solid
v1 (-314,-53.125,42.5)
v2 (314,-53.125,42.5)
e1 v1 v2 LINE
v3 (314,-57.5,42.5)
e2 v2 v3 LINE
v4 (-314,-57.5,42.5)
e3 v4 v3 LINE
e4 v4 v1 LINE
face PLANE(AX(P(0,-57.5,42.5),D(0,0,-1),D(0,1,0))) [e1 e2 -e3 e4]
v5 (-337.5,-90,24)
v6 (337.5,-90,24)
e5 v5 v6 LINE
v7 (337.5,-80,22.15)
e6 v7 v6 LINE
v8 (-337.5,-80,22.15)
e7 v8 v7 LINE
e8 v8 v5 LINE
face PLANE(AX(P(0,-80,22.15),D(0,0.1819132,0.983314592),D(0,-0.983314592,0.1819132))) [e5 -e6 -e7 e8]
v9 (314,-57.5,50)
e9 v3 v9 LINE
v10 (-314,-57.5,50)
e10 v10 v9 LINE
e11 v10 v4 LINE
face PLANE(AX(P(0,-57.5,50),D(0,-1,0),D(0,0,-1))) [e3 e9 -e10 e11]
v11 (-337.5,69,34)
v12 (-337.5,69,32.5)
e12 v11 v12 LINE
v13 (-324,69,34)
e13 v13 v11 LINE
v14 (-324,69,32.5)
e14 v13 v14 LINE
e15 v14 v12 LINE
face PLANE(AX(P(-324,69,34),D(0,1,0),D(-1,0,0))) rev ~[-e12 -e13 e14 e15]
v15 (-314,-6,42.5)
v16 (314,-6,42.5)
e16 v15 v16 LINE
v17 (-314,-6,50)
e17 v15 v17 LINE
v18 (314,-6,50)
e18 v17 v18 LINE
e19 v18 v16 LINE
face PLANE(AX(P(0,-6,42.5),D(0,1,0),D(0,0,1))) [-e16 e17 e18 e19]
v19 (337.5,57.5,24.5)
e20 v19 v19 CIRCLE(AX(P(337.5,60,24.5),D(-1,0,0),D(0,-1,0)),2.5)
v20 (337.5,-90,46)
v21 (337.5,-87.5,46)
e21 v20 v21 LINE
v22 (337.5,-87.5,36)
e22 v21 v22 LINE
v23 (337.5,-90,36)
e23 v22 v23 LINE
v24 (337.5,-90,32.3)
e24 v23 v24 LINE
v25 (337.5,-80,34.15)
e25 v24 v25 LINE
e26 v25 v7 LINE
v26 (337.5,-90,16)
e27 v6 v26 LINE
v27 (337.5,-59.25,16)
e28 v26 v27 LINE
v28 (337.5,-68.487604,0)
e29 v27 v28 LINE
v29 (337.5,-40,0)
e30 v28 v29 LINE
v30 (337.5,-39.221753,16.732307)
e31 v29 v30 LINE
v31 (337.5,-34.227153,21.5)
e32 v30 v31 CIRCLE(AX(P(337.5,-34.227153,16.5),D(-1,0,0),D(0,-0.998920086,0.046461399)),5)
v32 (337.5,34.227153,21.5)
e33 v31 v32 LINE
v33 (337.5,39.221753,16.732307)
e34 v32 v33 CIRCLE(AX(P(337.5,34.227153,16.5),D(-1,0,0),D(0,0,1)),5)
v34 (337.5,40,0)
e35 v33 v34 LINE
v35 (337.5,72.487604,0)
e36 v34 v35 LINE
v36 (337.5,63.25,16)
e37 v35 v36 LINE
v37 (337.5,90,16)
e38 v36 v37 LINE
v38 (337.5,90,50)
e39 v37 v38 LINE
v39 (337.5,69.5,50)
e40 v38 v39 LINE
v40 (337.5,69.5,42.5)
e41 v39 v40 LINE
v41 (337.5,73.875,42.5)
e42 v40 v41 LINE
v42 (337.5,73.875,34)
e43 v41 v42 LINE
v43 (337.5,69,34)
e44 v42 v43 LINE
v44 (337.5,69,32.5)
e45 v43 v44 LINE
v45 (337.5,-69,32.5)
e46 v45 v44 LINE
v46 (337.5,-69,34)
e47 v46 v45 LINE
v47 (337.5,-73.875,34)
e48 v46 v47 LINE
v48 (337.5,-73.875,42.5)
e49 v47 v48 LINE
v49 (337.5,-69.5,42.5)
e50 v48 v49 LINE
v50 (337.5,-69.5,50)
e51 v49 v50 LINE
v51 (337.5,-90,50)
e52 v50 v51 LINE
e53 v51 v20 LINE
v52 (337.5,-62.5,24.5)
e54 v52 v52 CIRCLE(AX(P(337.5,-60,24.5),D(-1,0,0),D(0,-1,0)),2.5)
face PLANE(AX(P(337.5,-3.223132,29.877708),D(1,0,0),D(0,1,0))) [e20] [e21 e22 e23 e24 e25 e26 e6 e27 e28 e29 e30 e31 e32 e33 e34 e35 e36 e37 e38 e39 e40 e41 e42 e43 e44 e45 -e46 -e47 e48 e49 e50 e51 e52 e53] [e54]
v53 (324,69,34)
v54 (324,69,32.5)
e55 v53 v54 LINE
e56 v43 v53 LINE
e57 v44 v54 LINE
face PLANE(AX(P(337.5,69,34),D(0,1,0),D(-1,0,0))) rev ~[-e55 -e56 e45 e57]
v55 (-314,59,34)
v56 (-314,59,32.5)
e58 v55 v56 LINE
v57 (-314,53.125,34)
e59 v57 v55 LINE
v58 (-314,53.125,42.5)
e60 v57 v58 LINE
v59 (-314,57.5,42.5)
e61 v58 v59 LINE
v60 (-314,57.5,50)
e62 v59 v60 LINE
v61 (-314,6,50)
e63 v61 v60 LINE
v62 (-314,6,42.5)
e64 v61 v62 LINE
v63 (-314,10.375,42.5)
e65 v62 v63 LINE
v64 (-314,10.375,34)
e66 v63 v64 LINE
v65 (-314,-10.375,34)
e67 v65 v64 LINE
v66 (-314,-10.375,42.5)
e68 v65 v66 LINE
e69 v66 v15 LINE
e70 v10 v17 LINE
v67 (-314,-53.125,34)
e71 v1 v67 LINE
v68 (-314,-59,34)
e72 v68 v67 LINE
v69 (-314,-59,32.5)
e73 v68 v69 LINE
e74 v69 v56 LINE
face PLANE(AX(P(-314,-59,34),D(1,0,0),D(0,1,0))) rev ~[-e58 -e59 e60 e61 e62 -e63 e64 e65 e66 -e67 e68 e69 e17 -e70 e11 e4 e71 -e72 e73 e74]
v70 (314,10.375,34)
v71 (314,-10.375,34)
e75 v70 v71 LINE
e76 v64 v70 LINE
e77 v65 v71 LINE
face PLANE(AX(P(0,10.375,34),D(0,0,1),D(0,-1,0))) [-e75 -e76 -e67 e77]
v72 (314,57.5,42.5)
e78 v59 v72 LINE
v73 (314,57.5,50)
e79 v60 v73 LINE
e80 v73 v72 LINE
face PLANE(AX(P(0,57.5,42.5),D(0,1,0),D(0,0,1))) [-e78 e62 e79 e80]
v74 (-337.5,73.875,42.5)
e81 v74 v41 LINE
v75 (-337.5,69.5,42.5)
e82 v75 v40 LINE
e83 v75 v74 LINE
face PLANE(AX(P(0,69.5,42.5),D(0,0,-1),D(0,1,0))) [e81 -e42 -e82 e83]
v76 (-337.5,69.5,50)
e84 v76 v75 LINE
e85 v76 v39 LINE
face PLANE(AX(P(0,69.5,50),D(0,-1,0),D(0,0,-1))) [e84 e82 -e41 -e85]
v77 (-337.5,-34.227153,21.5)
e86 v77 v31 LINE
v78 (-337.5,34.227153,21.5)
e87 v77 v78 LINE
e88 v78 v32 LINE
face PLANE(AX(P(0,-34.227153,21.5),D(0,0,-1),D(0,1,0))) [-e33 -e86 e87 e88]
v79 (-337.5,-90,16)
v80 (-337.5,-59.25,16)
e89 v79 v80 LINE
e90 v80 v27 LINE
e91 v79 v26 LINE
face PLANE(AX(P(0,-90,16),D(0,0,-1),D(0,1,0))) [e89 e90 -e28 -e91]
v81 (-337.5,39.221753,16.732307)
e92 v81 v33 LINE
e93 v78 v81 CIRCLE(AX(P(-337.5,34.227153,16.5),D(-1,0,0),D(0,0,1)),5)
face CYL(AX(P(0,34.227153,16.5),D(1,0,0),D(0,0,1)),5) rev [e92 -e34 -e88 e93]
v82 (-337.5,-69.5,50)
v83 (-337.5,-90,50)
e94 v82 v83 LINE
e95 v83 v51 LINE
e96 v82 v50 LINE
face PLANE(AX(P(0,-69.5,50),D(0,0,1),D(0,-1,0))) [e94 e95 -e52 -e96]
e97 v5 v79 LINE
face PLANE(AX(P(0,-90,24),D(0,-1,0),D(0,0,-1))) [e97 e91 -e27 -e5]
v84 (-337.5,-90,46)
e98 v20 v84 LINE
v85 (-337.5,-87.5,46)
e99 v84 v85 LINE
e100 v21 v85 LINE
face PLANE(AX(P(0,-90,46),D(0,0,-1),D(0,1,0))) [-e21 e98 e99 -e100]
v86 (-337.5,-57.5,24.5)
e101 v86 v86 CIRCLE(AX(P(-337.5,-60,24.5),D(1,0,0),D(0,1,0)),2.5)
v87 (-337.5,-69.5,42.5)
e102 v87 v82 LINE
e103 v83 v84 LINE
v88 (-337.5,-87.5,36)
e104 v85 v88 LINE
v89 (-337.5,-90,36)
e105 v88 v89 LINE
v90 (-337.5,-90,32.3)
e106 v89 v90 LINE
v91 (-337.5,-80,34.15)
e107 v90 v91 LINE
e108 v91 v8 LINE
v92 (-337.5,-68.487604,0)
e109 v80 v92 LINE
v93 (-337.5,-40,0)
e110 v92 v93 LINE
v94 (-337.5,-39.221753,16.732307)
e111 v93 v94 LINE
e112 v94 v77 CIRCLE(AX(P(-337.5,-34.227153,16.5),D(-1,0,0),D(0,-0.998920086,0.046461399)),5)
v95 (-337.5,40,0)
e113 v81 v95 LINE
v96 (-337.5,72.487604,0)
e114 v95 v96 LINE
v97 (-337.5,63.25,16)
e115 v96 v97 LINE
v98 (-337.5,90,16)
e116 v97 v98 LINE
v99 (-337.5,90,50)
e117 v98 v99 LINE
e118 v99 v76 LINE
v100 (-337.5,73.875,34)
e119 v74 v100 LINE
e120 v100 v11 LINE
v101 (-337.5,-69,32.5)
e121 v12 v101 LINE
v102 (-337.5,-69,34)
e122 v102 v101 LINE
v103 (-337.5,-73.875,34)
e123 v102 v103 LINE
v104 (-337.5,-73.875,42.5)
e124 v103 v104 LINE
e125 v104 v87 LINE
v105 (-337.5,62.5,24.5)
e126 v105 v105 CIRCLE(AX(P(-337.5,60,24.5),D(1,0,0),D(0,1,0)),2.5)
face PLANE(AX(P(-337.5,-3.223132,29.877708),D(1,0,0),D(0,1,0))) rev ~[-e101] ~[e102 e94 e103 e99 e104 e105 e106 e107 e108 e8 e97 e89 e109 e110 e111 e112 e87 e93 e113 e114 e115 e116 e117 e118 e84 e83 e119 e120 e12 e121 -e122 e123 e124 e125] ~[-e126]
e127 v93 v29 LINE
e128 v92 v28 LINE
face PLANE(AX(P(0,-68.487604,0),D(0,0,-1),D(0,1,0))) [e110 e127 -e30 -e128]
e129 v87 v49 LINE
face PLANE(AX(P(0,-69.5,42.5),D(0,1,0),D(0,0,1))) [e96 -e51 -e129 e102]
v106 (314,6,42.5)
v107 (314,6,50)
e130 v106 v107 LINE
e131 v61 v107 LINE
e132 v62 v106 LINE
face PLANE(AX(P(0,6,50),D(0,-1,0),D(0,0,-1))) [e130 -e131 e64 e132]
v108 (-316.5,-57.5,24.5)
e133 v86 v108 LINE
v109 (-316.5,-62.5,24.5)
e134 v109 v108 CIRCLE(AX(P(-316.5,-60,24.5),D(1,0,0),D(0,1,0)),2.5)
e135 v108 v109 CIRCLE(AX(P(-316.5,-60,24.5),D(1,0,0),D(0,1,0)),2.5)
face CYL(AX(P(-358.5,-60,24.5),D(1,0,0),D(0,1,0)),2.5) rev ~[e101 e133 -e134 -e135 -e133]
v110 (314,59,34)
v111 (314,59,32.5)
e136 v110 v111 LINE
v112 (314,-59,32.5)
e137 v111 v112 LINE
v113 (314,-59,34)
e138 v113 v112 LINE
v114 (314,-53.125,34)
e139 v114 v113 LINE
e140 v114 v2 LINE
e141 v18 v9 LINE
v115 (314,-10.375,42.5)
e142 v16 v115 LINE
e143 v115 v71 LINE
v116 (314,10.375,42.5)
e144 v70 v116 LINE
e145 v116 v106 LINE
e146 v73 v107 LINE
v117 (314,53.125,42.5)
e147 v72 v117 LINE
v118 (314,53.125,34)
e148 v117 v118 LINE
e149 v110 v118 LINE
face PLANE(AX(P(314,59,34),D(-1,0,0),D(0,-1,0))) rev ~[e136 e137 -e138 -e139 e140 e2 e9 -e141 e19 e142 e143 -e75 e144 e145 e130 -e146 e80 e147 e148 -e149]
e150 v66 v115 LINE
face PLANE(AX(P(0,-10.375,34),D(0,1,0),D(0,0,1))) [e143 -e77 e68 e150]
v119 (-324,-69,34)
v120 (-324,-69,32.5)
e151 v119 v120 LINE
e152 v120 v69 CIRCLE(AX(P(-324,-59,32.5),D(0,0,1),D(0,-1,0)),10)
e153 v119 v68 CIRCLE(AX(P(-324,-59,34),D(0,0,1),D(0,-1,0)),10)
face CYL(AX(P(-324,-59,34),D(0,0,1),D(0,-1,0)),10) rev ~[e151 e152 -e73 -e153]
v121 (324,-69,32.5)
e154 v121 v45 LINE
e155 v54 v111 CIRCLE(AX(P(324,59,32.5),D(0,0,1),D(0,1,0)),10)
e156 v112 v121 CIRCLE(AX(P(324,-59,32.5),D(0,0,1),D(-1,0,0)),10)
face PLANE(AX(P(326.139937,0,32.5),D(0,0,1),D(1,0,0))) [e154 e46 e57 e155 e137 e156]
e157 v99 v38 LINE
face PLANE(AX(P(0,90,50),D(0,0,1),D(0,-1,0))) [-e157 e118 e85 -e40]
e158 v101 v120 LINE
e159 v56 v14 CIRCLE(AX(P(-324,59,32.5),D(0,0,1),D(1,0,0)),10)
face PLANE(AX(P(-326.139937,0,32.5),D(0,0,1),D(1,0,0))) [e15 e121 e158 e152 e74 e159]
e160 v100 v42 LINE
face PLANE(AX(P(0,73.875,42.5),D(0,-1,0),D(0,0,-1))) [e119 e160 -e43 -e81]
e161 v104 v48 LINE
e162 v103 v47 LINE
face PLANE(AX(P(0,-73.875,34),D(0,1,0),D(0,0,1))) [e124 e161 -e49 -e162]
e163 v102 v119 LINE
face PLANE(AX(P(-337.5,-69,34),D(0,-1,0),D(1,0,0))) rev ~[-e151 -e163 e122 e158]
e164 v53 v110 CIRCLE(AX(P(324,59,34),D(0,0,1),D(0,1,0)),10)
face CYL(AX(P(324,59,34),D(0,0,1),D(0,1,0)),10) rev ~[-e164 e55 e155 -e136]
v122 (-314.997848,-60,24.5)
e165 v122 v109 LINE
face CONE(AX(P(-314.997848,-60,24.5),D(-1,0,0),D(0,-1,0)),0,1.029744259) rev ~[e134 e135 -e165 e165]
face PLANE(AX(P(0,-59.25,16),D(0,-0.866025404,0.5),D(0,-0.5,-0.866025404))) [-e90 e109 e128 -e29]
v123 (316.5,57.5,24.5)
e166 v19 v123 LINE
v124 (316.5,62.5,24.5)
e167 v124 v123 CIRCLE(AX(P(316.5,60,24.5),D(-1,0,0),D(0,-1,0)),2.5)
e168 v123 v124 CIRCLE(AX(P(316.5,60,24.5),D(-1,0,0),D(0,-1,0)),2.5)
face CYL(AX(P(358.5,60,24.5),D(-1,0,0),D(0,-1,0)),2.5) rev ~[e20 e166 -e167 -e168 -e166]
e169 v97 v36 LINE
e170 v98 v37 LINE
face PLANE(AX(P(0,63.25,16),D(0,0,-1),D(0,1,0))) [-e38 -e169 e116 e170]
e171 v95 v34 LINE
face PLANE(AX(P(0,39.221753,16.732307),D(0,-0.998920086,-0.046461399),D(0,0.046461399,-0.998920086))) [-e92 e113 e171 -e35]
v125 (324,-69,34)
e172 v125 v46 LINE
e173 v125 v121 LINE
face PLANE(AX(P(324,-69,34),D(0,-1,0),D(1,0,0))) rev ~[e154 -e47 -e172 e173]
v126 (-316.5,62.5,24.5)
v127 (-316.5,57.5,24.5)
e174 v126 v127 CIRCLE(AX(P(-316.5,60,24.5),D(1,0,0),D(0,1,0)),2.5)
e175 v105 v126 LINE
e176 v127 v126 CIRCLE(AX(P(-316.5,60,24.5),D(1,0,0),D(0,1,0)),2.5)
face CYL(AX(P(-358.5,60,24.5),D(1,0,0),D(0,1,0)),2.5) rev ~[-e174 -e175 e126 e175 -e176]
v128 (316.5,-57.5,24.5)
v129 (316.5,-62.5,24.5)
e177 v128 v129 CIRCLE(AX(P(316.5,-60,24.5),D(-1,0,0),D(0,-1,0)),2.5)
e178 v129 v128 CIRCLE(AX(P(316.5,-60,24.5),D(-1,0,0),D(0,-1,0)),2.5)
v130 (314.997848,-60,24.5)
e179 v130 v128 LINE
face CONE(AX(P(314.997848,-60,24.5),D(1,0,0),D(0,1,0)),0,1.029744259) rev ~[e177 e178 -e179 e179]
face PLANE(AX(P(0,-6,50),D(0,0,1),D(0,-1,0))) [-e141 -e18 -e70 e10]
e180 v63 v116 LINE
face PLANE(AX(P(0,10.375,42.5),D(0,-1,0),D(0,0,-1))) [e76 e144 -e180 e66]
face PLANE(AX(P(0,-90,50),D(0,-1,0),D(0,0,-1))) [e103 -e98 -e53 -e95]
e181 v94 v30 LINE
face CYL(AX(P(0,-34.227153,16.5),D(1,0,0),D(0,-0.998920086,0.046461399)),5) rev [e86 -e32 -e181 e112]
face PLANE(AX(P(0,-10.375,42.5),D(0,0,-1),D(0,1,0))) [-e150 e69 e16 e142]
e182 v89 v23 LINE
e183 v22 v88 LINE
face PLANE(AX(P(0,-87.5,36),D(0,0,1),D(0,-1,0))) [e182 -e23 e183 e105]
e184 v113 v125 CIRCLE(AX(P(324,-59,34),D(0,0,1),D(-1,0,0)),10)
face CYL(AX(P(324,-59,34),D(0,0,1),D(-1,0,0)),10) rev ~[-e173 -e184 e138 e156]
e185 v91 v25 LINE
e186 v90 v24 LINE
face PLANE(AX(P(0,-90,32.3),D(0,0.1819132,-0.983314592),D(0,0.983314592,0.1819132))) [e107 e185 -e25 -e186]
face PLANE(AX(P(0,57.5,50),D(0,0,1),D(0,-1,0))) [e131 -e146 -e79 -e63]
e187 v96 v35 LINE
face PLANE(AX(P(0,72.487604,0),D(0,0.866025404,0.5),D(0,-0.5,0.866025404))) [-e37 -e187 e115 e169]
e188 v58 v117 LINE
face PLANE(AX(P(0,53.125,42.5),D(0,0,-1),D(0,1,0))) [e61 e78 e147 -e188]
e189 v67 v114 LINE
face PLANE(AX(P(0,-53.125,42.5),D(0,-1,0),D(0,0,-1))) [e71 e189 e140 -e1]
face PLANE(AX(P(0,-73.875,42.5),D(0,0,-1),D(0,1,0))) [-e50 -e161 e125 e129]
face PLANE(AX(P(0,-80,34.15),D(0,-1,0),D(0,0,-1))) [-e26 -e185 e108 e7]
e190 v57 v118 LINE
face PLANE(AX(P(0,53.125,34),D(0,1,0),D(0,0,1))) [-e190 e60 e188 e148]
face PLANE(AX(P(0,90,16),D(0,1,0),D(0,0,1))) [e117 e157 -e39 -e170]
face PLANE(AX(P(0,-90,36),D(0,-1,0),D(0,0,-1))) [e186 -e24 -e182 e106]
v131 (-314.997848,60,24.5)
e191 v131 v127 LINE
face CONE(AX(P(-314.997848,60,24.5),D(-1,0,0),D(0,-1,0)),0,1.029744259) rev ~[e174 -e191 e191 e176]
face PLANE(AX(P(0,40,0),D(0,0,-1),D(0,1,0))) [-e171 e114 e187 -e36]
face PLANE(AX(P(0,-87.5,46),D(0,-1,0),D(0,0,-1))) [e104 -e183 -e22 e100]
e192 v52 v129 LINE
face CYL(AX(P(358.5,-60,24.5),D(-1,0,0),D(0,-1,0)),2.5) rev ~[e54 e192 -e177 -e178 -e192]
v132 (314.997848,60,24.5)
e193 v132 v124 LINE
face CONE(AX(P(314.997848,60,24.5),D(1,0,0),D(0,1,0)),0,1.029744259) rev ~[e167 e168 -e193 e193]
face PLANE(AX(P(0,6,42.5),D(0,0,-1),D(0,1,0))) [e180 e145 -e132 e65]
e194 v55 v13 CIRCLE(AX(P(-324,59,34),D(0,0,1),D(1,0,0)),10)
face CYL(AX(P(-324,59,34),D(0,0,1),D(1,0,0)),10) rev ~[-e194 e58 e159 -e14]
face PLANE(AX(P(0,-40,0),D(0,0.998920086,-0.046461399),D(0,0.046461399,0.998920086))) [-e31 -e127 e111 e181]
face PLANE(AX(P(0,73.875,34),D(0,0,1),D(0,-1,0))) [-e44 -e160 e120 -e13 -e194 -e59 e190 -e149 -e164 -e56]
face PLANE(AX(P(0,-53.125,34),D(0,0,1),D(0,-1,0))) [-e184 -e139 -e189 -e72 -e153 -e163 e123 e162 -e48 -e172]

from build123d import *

# Parameters (mm, degrees)
F1_DEPTH      = 337.5
F3_DEPTH      = 1.5
F3_DEPTH_BACK = 16
F5_D          = 5
F5_DEPTH      = 21
F5_TIP        = 1.5021515476
F7_D          = 5
F7_DEPTH      = 21
F7_TIP        = 1.5021515476


with BuildPart() as f1:
    # F0 (on Right) → F1 (new body, symmetric)
    with BuildSketch(Plane.YZ):
        with BuildLine():
            Line((-87.5, 36), (-90, 36))
            Line((-90, 36), (-90, 32.3))
            Line((-90, 32.3), (-80, 34.15))
            Line((-80, 34.15), (-80, 22.15))
            Line((-80, 22.15), (-90, 24))
            Line((-90, 24), (-90, 16))
            Line((-90, 16), (-59.25, 16))
            Line((-59.25, 16), (-68.487604307, 0))
            Line((-68.487604307, 0), (-40, 0))
            Line((-40, 0), (-39.2217531629, 16.7323069968))
            ThreePointArc((-39.2217531629, 16.7323069968), (-37.6795768821, 20.1167343684), (-34.2271527326, 21.5))
            Line((-34.2271527326, 21.5), (34.2271527326, 21.5))
            ThreePointArc((34.2271527326, 21.5), (37.6795768821, 20.1167343684), (39.2217531629, 16.7323069968))
            Line((39.2217531629, 16.7323069968), (40, 0))
            Line((40, 0), (72.487604307, 0))
            Line((72.487604307, 0), (63.25, 16))
            Line((63.25, 16), (90, 16))
            Line((90, 16), (90, 50))
            Line((90, 50), (69.5, 50))
            Line((69.5, 50), (69.5, 42.5))
            Line((69.5, 42.5), (73.875, 42.5))
            Line((73.875, 42.5), (73.875, 34))
            Line((73.875, 34), (53.125, 34))
            Line((53.125, 34), (53.125, 42.5))
            Line((53.125, 42.5), (57.5, 42.5))
            Line((57.5, 42.5), (57.5, 50))
            Line((57.5, 50), (6, 50))
            Line((6, 50), (6, 42.5))
            Line((6, 42.5), (10.375, 42.5))
            Line((10.375, 42.5), (10.375, 34))
            Line((10.375, 34), (-10.375, 34))
            Line((-10.375, 34), (-10.375, 42.5))
            Line((-10.375, 42.5), (-6, 42.5))
            Line((-6, 42.5), (-6, 50))
            Line((-6, 50), (-57.5, 50))
            Line((-57.5, 50), (-57.5, 42.5))
            Line((-57.5, 42.5), (-53.125, 42.5))
            Line((-53.125, 42.5), (-53.125, 34))
            Line((-53.125, 34), (-73.875, 34))
            Line((-73.875, 34), (-73.875, 42.5))
            Line((-73.875, 42.5), (-69.5, 42.5))
            Line((-69.5, 42.5), (-69.5, 50))
            Line((-69.5, 50), (-90, 50))
            Line((-90, 50), (-90, 46))
            Line((-90, 46), (-87.5, 46))
            Line((-87.5, 46), (-87.5, 36))
        make_face()
    extrude(amount=F1_DEPTH, both=True)

    # F2 (on face) → F3 (cut, two sides)
    with BuildSketch(Plane.XY.offset(34)) as f3_sk:
        with BuildLine():
            ThreePointArc((314, -59), (316.9289321881, -66.0710678119), (324, -69))
            Line((324, -69), (337.5, -69))
            Line((337.5, -69), (337.5, 69))
            Line((337.5, 69), (324, 69))
            ThreePointArc((324, 69), (316.9289321881, 66.0710678119), (314, 59))
            Line((314, 59), (314, -59))
        make_face()
        with BuildLine():
            ThreePointArc((-324, -69), (-316.9289321881, -66.0710678119), (-314, -59))
            Line((-314, -59), (-314, 59))
            ThreePointArc((-314, 59), (-316.9289321881, 66.0710678119), (-324, 69))
            Line((-324, 69), (-337.5, 69))
            Line((-337.5, 69), (-337.5, -69))
            Line((-337.5, -69), (-324, -69))
        make_face()
    extrude(amount=-F3_DEPTH, mode=Mode.SUBTRACT)
    extrude(f3_sk.sketch, amount=F3_DEPTH_BACK, mode=Mode.SUBTRACT)

    # F5
    with Locations(Plane.YZ.offset(337.5)):
        with Locations((-60, 24.5), (60, 24.5)):
            Hole(F5_D / 2, depth=F5_DEPTH)
            with Locations((0, 0, -(F5_DEPTH + F5_TIP / 2))):  # 118° drill point
                Cone(0, F5_D / 2, F5_TIP, mode=Mode.SUBTRACT)

    # F7
    with Locations(Plane(origin=(-337.5, 0, 0), x_dir=(0, -1, 0), z_dir=(-1, 0, 0))):
        with Locations((-60, 24.5), (60, 24.5)):
            Hole(F7_D / 2, depth=F7_DEPTH)
            with Locations((0, 0, -(F7_DEPTH + F7_TIP / 2))):  # 118° drill point
                Cone(0, F7_D / 2, F7_TIP, mode=Mode.SUBTRACT)


solid = f1.part
